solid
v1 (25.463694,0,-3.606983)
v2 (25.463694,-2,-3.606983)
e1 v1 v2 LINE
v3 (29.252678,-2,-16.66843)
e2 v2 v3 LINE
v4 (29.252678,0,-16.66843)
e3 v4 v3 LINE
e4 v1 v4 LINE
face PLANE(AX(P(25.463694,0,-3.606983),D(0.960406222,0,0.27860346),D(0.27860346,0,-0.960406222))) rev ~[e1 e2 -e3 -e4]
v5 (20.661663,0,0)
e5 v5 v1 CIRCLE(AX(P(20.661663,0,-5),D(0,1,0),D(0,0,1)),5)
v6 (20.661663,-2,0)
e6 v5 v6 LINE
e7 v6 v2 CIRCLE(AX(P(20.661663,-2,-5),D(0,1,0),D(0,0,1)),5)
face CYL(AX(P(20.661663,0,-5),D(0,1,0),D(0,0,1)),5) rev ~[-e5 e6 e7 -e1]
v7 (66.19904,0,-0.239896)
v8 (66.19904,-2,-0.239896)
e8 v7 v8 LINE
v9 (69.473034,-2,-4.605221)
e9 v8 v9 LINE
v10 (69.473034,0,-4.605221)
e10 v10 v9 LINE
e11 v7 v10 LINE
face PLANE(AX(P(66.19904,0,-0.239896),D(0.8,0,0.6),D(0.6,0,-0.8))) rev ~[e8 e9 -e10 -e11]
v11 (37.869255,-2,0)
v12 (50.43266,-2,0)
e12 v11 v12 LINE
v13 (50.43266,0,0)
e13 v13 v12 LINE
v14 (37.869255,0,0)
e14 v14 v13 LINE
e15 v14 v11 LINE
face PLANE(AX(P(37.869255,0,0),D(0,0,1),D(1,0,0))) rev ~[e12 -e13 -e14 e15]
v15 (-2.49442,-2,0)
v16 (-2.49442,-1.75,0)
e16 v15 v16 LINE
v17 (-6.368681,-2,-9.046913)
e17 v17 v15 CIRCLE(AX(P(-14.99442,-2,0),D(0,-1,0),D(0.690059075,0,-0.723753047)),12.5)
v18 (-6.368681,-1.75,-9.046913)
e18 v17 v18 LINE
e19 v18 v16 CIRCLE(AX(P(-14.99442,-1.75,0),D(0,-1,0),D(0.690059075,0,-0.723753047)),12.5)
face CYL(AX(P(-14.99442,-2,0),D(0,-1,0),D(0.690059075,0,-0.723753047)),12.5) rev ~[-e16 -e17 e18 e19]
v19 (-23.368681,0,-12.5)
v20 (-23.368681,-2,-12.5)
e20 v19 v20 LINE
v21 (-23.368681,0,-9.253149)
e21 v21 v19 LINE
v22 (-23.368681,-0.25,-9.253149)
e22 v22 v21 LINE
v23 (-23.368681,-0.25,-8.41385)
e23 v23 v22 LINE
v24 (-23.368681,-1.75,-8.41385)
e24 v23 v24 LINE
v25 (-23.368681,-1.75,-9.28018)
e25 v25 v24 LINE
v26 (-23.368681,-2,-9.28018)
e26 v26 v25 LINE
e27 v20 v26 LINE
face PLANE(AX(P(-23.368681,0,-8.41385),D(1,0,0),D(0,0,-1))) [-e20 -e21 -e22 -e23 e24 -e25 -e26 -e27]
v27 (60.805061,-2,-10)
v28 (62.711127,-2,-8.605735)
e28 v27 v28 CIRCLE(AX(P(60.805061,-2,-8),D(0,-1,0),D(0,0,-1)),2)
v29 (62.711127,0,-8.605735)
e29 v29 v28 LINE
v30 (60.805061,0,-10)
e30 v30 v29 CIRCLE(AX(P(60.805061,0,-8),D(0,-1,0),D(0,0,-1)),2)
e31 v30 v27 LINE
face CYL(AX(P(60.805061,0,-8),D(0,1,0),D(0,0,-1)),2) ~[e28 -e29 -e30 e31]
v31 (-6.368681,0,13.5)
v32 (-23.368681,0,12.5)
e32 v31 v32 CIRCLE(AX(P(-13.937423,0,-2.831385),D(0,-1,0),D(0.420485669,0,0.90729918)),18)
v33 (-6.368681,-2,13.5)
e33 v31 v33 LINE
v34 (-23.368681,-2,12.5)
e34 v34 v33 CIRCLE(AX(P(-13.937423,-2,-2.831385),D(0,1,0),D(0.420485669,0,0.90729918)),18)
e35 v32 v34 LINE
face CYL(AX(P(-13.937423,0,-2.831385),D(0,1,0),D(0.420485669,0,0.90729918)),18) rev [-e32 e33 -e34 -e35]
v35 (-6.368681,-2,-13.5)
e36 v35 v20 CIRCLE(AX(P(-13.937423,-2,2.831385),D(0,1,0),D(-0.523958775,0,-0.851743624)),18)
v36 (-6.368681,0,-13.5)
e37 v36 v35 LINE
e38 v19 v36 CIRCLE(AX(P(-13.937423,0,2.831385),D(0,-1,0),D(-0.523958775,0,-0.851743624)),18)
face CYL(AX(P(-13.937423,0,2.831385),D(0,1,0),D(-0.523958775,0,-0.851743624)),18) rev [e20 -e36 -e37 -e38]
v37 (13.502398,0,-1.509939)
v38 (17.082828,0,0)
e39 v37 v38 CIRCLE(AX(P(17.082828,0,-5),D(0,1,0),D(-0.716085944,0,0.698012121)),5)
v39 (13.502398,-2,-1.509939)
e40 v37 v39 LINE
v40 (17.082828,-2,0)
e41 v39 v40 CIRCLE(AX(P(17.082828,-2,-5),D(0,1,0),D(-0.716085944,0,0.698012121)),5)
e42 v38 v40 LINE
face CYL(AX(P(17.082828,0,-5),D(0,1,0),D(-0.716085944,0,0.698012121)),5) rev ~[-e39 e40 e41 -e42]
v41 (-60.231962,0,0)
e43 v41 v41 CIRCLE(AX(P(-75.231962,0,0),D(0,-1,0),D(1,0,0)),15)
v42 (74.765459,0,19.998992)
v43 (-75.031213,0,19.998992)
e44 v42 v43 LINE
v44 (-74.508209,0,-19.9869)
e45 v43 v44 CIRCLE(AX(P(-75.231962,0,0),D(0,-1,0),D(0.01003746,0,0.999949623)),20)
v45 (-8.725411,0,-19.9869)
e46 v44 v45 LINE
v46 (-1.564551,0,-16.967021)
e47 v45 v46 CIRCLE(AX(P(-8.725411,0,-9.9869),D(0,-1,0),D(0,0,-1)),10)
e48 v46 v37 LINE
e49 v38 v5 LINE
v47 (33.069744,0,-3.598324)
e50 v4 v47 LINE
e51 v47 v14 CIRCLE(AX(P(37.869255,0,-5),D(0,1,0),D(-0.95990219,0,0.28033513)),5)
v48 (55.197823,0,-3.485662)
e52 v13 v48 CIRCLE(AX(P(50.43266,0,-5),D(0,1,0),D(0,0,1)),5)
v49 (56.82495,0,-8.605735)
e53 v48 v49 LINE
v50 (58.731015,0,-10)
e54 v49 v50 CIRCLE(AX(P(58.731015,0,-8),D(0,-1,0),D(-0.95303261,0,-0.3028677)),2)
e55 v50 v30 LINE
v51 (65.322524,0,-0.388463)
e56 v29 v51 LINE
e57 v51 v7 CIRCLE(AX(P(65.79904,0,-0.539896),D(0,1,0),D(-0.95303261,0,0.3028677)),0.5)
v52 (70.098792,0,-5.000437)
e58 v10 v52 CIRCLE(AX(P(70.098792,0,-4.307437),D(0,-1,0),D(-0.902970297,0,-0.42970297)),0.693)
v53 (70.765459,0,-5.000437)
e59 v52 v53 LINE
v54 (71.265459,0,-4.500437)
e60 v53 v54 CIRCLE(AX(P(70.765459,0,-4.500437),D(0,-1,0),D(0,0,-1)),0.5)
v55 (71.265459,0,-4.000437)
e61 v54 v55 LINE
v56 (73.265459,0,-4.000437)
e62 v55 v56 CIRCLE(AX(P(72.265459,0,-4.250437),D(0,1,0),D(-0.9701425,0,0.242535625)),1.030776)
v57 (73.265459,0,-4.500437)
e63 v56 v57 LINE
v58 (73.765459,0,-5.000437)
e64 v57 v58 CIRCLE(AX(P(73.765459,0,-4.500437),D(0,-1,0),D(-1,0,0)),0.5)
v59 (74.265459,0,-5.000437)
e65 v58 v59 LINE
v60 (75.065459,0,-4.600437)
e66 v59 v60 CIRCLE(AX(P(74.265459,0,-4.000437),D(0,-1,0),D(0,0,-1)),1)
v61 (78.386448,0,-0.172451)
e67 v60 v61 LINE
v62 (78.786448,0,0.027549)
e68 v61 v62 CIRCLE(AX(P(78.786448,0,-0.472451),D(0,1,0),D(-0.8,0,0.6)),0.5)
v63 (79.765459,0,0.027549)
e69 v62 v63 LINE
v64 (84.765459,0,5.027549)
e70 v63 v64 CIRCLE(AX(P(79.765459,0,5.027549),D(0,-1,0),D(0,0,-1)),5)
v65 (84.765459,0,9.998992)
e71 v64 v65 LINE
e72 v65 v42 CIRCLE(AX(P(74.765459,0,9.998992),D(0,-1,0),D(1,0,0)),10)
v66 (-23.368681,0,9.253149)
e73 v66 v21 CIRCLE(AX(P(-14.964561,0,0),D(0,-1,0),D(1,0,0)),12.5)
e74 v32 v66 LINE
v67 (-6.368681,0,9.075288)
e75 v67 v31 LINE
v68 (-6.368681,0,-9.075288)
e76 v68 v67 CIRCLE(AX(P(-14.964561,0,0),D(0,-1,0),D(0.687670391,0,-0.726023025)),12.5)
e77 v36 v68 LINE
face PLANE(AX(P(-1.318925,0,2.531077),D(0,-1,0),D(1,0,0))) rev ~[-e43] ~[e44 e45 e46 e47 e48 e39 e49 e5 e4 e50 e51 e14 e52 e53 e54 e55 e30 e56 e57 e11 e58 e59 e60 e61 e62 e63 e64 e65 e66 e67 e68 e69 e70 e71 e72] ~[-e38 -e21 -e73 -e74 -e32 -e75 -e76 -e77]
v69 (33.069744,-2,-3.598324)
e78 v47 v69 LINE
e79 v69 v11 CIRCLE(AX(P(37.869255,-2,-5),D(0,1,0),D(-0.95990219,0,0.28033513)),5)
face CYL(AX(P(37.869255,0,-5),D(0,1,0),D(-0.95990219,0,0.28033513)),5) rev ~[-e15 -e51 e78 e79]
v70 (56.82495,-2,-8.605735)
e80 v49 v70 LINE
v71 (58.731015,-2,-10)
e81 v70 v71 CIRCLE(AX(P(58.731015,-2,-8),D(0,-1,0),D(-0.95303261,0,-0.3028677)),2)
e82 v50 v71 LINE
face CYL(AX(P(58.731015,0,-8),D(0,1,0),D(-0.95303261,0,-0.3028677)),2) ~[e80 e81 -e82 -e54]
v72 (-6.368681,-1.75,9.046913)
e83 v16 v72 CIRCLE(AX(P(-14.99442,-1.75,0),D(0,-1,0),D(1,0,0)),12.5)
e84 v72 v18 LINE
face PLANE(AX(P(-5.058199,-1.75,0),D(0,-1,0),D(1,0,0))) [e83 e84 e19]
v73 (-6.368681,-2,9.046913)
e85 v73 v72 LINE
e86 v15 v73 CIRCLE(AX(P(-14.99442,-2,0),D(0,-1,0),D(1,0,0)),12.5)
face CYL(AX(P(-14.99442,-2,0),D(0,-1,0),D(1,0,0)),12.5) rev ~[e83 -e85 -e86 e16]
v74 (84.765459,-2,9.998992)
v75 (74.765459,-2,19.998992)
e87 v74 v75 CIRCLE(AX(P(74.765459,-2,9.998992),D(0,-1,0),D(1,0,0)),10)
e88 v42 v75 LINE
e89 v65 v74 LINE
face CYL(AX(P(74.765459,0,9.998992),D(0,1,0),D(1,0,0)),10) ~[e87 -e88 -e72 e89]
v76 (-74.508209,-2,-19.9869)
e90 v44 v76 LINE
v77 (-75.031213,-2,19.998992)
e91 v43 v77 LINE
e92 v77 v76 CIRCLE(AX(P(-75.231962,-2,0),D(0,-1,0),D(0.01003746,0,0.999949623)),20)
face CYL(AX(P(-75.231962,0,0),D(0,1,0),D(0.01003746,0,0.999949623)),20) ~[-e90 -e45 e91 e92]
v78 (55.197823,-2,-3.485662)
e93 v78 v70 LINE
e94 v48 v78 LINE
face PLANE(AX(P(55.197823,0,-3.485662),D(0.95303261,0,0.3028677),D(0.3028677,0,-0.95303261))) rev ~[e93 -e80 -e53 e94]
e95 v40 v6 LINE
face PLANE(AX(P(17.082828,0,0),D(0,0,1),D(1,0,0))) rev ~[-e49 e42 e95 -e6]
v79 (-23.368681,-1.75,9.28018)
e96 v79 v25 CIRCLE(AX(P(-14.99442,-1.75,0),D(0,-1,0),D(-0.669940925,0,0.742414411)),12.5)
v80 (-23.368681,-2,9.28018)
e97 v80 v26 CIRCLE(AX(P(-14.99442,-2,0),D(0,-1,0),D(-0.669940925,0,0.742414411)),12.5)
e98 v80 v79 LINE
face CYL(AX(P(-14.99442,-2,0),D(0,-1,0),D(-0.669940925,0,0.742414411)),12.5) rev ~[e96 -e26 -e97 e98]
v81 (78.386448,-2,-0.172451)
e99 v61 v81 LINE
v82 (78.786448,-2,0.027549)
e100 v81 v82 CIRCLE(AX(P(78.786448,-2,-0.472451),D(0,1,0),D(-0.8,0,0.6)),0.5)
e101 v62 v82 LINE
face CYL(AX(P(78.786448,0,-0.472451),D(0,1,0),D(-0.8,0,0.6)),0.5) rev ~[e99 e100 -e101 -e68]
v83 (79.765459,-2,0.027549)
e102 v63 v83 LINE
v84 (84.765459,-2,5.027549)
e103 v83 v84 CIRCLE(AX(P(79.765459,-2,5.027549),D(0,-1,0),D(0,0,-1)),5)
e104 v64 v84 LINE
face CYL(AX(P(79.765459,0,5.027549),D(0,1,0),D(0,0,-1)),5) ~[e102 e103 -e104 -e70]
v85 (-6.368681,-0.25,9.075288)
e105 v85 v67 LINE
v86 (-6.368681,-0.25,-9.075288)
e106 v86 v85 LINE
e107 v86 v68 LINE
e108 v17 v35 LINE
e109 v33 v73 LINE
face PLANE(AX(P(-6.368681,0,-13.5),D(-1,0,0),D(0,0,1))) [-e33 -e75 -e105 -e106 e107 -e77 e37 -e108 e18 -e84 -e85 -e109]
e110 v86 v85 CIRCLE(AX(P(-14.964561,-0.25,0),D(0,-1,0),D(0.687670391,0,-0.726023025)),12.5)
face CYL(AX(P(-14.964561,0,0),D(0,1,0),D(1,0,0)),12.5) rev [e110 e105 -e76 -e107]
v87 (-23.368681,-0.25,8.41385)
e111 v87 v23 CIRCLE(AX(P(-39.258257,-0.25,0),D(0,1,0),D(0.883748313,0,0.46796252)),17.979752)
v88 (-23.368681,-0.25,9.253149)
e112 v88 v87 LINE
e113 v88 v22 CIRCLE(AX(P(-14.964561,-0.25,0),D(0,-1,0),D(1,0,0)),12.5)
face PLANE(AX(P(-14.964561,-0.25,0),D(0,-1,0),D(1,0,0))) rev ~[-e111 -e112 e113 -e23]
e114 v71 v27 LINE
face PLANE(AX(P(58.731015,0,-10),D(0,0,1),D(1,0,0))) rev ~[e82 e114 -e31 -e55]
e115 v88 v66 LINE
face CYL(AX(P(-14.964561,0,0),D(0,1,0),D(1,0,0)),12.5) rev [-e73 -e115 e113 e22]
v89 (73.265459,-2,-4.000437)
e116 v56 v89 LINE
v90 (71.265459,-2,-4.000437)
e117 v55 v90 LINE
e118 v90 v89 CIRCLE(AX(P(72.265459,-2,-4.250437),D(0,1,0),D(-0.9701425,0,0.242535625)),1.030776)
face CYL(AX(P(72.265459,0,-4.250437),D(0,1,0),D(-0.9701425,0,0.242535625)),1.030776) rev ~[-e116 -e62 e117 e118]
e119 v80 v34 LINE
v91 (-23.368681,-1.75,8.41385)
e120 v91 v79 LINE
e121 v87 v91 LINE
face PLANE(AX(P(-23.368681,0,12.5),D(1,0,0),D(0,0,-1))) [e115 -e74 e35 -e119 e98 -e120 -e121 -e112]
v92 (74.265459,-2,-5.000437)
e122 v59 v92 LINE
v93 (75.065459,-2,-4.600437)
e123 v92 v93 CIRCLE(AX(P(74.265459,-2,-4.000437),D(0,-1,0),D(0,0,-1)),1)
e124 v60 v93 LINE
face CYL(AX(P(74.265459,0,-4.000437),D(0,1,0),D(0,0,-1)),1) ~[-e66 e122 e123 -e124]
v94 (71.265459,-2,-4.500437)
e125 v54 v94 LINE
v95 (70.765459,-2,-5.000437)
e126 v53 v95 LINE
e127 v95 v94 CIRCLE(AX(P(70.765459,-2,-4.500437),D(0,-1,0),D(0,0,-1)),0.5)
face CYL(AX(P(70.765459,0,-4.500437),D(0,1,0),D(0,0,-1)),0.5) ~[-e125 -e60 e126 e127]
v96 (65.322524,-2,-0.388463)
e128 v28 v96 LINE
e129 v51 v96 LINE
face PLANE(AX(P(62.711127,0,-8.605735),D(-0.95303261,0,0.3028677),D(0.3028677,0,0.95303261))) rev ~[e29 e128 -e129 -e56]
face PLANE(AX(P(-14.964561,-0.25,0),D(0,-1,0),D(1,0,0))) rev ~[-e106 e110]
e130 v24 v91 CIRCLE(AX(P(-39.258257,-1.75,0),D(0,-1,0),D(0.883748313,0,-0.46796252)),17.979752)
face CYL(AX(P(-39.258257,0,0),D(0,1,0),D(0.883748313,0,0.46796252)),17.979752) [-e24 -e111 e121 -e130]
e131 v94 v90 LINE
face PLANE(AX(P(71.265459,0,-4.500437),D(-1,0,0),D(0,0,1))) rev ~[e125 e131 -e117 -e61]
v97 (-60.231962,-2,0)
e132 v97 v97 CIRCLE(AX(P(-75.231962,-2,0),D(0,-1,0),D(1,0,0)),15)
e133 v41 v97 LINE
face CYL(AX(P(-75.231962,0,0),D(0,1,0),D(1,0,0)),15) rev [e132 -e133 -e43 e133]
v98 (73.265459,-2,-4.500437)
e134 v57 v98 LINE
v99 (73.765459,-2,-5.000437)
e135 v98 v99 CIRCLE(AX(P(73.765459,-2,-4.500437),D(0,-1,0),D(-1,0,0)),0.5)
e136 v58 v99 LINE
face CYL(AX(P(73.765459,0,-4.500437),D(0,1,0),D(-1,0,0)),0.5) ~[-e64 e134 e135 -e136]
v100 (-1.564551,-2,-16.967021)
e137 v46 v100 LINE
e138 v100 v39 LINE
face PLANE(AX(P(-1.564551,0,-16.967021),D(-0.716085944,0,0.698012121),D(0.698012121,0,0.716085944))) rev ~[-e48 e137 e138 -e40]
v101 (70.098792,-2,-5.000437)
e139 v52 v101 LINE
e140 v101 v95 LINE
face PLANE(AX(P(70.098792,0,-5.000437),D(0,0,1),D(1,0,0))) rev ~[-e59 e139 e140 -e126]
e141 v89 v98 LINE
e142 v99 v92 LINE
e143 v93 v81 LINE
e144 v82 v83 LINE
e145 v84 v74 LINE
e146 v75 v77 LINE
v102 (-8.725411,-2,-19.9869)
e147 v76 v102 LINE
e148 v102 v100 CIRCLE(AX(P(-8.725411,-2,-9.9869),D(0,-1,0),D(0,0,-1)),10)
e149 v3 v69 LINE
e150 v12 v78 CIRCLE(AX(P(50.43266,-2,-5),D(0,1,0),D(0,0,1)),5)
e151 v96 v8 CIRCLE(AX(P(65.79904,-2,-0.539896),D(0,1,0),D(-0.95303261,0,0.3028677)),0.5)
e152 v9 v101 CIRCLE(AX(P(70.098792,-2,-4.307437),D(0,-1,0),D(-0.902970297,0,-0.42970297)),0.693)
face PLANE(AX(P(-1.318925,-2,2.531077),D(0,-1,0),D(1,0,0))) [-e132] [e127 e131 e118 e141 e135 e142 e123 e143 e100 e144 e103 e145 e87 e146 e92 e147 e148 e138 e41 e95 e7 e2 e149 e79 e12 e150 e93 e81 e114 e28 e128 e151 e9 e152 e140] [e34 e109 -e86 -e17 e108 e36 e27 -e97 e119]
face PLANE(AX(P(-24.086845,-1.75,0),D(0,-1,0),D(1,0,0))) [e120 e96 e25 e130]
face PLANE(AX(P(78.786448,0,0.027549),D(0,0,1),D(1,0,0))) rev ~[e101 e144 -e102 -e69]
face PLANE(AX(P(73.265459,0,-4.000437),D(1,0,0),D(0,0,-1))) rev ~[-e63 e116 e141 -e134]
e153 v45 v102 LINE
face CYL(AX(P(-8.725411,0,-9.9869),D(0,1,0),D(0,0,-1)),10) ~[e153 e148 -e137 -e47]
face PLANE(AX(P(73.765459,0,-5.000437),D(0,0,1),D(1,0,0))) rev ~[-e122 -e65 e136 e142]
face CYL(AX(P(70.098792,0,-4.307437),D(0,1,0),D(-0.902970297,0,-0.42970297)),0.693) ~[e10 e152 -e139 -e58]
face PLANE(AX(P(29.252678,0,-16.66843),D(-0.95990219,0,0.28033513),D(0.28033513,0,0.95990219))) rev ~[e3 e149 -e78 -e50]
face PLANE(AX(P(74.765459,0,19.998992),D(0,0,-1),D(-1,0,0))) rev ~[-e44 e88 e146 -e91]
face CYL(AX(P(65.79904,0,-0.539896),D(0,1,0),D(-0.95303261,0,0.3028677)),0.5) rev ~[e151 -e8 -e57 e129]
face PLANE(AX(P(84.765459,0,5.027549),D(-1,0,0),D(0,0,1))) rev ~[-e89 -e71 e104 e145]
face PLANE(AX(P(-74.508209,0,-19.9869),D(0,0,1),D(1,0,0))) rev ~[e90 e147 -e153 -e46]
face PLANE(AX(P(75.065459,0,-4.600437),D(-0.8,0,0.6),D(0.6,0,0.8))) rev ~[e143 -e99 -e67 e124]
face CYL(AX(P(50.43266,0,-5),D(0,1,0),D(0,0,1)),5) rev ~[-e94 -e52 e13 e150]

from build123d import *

# Parameters (mm, degrees)
F0_R     = 15
F1_DEPTH = 2
F3_DEPTH = 2.001
F5_DEPTH = 0.25
F6_R     = 12.5
F7_DEPTH = 0.25


with BuildPart() as f1:
    # F0 (on Front) → F1 (new body)
    with BuildSketch(Plane.XZ):
        with BuildLine():
            Line((74.7654586344, 19.9989924685), (-75.0312126981, 19.9989924685))
            ThreePointArc((-75.0312126981, 19.9989924685), (-95.2302513379, -0.261571778), (-74.5082089138, -19.9869002501))
            Line((-74.5082089138, -19.9869002501), (-8.7254105168, -19.9869002501))
            ThreePointArc((-8.7254105168, -19.9869002501), (-4.839616653, -19.2010527368), (-1.5645510783, -16.9670214598))
            Line((-1.5645510783, -16.9670214598), (13.5023982574, -1.5099393951))
            ThreePointArc((13.5023982574, -1.5099393951), (15.1399310448, -0.3929237566), (17.0828279766, 0))
            Line((17.0828279766, 0), (20.6616625341, 0))
            ThreePointArc((20.6616625341, 0), (23.6645705828, -1.0021826891), (25.4636936461, -3.6069826995))
            Line((25.4636936461, -3.6069826995), (29.2526781559, -16.6684295982))
            Line((29.2526781559, -16.6684295982), (33.0697437835, -3.5983243492))
            ThreePointArc((33.0697437835, -3.5983243492), (34.8699530038, -0.9994763934), (37.8692547347, 0))
            Line((37.8692547347, 0), (50.4326597146, 0))
            ThreePointArc((50.4326597146, 0), (53.3846342659, -0.9644273952), (55.1978227663, -3.4856615005))
            Line((55.1978227663, -3.4856615005), (56.8249496751, -8.6057353998))
            ThreePointArc((56.8249496751, -8.6057353998), (57.5502250753, -9.6142290419), (58.7310148958, -10))
            Line((58.7310148958, -10), (60.8050612923, -10))
            ThreePointArc((60.8050612923, -10), (61.9858511128, -9.6142290419), (62.711126513, -8.6057353998))
            Line((62.711126513, -8.6057353998), (65.3225235362, -0.3884625696))
            ThreePointArc((65.3225235362, -0.3884625696), (65.7154835042, -0.0469275173), (66.1990398413, -0.2398964195))
            Line((66.1990398413, -0.2398964195), (69.4730335519, -4.6052213669))
            ThreePointArc((69.4730335519, -4.6052213669), (69.7287348247, -4.8933610183), (70.0987919677, -5.0004372085))
            Line((70.0987919677, -5.0004372085), (70.7654586344, -5.0004372085))
            ThreePointArc((70.7654586344, -5.0004372085), (71.119012025, -4.8539905991), (71.2654586344, -4.5004372085))
            Line((71.2654586344, -4.5004372085), (71.2654586344, -4.0004372085))
            ThreePointArc((71.2654586344, -4.0004372085), (72.2654586344, -3.2196608021), (73.2654586344, -4.0004372085))
            Line((73.2654586344, -4.0004372085), (73.2654586344, -4.5004372085))
            ThreePointArc((73.2654586344, -4.5004372085), (73.4119052438, -4.8539905991), (73.7654586344, -5.0004372085))
            Line((73.7654586344, -5.0004372085), (74.2654586344, -5.0004372085))
            ThreePointArc((74.2654586344, -5.0004372085), (74.7126722299, -4.8948643995), (75.0654586344, -4.6004372085))
            Line((75.0654586344, -4.6004372085), (78.3864482289, -0.1724510824))
            ThreePointArc((78.3864482289, -0.1724510824), (78.5628414312, -0.0252374869), (78.7864482289, 0.0275489176))
            Line((78.7864482289, 0.0275489176), (79.7654586344, 0.0275489176))
            ThreePointArc((79.7654586344, 0.0275489176), (83.3009925403, 1.4920150116), (84.7654586344, 5.0275489176))
            Line((84.7654586344, 5.0275489176), (84.7654586344, 9.9989924685))
            ThreePointArc((84.7654586344, 9.9989924685), (81.8365264462, 17.0700602804), (74.7654586344, 19.9989924685))
        make_face()
        with Locations((-75.231961906, 0)):
            Circle(F0_R, mode=Mode.SUBTRACT)
    extrude(amount=F1_DEPTH)

    # F2 (on Front) → F3 (cut, through all)
    with BuildSketch(Plane.XZ):
        with BuildLine():
            Line((-6.3686813228, -13.5), (-6.3686813228, 0))
            Line((-6.3686813228, 0), (-6.3686813228, 13.5))
            ThreePointArc((-6.3686813228, 13.5), (-14.9944197626, 15.137553477), (-23.3686813228, 12.5))
            Line((-23.3686813228, 12.5), (-23.3686813228, 8.413849912))
            ThreePointArc((-23.3686813228, 8.413849912), (-21.2785048492, 0), (-23.3686813228, -8.413849912))
            Line((-23.3686813228, -8.413849912), (-23.3686813228, -12.5))
            ThreePointArc((-23.3686813228, -12.5), (-14.9944197626, -15.137553477), (-6.3686813228, -13.5))
        make_face()
    extrude(amount=F3_DEPTH, mode=Mode.SUBTRACT)

    # F4 (on face) → F5 (cut)
    with BuildSketch(Plane.XZ.offset(2)):
        with BuildLine():
            Line((-23.3686813228, 8.413849912), (-23.3686813228, 9.2801801341))
            ThreePointArc((-23.3686813228, 9.2801801341), (-27.4944197626, 0), (-23.3686813228, -9.2801801341))
            Line((-23.3686813228, -9.2801801341), (-23.3686813228, -8.413849912))
            ThreePointArc((-23.3686813228, -8.413849912), (-21.2785048492, 0), (-23.3686813228, 8.413849912))
        make_face()
        with BuildLine():
            ThreePointArc((-6.3686813228, -9.046913085), (-3.5037337409, -4.9207859892), (-2.4944197626, 0))
            ThreePointArc((-2.4944197626, 0), (-3.5037337409, 4.9207859892), (-6.3686813228, 9.046913085))
            Line((-6.3686813228, 9.046913085), (-6.3686813228, -9.046913085))
        make_face()
    extrude(amount=-F5_DEPTH, mode=Mode.SUBTRACT)

    # F6 (on Front) → F7 (cut)
    with BuildSketch(Plane.XZ):
        with Locations((-14.9645612109, 0)):
            Circle(F6_R)
    extrude(amount=F7_DEPTH, mode=Mode.SUBTRACT)


solid = f1.part
